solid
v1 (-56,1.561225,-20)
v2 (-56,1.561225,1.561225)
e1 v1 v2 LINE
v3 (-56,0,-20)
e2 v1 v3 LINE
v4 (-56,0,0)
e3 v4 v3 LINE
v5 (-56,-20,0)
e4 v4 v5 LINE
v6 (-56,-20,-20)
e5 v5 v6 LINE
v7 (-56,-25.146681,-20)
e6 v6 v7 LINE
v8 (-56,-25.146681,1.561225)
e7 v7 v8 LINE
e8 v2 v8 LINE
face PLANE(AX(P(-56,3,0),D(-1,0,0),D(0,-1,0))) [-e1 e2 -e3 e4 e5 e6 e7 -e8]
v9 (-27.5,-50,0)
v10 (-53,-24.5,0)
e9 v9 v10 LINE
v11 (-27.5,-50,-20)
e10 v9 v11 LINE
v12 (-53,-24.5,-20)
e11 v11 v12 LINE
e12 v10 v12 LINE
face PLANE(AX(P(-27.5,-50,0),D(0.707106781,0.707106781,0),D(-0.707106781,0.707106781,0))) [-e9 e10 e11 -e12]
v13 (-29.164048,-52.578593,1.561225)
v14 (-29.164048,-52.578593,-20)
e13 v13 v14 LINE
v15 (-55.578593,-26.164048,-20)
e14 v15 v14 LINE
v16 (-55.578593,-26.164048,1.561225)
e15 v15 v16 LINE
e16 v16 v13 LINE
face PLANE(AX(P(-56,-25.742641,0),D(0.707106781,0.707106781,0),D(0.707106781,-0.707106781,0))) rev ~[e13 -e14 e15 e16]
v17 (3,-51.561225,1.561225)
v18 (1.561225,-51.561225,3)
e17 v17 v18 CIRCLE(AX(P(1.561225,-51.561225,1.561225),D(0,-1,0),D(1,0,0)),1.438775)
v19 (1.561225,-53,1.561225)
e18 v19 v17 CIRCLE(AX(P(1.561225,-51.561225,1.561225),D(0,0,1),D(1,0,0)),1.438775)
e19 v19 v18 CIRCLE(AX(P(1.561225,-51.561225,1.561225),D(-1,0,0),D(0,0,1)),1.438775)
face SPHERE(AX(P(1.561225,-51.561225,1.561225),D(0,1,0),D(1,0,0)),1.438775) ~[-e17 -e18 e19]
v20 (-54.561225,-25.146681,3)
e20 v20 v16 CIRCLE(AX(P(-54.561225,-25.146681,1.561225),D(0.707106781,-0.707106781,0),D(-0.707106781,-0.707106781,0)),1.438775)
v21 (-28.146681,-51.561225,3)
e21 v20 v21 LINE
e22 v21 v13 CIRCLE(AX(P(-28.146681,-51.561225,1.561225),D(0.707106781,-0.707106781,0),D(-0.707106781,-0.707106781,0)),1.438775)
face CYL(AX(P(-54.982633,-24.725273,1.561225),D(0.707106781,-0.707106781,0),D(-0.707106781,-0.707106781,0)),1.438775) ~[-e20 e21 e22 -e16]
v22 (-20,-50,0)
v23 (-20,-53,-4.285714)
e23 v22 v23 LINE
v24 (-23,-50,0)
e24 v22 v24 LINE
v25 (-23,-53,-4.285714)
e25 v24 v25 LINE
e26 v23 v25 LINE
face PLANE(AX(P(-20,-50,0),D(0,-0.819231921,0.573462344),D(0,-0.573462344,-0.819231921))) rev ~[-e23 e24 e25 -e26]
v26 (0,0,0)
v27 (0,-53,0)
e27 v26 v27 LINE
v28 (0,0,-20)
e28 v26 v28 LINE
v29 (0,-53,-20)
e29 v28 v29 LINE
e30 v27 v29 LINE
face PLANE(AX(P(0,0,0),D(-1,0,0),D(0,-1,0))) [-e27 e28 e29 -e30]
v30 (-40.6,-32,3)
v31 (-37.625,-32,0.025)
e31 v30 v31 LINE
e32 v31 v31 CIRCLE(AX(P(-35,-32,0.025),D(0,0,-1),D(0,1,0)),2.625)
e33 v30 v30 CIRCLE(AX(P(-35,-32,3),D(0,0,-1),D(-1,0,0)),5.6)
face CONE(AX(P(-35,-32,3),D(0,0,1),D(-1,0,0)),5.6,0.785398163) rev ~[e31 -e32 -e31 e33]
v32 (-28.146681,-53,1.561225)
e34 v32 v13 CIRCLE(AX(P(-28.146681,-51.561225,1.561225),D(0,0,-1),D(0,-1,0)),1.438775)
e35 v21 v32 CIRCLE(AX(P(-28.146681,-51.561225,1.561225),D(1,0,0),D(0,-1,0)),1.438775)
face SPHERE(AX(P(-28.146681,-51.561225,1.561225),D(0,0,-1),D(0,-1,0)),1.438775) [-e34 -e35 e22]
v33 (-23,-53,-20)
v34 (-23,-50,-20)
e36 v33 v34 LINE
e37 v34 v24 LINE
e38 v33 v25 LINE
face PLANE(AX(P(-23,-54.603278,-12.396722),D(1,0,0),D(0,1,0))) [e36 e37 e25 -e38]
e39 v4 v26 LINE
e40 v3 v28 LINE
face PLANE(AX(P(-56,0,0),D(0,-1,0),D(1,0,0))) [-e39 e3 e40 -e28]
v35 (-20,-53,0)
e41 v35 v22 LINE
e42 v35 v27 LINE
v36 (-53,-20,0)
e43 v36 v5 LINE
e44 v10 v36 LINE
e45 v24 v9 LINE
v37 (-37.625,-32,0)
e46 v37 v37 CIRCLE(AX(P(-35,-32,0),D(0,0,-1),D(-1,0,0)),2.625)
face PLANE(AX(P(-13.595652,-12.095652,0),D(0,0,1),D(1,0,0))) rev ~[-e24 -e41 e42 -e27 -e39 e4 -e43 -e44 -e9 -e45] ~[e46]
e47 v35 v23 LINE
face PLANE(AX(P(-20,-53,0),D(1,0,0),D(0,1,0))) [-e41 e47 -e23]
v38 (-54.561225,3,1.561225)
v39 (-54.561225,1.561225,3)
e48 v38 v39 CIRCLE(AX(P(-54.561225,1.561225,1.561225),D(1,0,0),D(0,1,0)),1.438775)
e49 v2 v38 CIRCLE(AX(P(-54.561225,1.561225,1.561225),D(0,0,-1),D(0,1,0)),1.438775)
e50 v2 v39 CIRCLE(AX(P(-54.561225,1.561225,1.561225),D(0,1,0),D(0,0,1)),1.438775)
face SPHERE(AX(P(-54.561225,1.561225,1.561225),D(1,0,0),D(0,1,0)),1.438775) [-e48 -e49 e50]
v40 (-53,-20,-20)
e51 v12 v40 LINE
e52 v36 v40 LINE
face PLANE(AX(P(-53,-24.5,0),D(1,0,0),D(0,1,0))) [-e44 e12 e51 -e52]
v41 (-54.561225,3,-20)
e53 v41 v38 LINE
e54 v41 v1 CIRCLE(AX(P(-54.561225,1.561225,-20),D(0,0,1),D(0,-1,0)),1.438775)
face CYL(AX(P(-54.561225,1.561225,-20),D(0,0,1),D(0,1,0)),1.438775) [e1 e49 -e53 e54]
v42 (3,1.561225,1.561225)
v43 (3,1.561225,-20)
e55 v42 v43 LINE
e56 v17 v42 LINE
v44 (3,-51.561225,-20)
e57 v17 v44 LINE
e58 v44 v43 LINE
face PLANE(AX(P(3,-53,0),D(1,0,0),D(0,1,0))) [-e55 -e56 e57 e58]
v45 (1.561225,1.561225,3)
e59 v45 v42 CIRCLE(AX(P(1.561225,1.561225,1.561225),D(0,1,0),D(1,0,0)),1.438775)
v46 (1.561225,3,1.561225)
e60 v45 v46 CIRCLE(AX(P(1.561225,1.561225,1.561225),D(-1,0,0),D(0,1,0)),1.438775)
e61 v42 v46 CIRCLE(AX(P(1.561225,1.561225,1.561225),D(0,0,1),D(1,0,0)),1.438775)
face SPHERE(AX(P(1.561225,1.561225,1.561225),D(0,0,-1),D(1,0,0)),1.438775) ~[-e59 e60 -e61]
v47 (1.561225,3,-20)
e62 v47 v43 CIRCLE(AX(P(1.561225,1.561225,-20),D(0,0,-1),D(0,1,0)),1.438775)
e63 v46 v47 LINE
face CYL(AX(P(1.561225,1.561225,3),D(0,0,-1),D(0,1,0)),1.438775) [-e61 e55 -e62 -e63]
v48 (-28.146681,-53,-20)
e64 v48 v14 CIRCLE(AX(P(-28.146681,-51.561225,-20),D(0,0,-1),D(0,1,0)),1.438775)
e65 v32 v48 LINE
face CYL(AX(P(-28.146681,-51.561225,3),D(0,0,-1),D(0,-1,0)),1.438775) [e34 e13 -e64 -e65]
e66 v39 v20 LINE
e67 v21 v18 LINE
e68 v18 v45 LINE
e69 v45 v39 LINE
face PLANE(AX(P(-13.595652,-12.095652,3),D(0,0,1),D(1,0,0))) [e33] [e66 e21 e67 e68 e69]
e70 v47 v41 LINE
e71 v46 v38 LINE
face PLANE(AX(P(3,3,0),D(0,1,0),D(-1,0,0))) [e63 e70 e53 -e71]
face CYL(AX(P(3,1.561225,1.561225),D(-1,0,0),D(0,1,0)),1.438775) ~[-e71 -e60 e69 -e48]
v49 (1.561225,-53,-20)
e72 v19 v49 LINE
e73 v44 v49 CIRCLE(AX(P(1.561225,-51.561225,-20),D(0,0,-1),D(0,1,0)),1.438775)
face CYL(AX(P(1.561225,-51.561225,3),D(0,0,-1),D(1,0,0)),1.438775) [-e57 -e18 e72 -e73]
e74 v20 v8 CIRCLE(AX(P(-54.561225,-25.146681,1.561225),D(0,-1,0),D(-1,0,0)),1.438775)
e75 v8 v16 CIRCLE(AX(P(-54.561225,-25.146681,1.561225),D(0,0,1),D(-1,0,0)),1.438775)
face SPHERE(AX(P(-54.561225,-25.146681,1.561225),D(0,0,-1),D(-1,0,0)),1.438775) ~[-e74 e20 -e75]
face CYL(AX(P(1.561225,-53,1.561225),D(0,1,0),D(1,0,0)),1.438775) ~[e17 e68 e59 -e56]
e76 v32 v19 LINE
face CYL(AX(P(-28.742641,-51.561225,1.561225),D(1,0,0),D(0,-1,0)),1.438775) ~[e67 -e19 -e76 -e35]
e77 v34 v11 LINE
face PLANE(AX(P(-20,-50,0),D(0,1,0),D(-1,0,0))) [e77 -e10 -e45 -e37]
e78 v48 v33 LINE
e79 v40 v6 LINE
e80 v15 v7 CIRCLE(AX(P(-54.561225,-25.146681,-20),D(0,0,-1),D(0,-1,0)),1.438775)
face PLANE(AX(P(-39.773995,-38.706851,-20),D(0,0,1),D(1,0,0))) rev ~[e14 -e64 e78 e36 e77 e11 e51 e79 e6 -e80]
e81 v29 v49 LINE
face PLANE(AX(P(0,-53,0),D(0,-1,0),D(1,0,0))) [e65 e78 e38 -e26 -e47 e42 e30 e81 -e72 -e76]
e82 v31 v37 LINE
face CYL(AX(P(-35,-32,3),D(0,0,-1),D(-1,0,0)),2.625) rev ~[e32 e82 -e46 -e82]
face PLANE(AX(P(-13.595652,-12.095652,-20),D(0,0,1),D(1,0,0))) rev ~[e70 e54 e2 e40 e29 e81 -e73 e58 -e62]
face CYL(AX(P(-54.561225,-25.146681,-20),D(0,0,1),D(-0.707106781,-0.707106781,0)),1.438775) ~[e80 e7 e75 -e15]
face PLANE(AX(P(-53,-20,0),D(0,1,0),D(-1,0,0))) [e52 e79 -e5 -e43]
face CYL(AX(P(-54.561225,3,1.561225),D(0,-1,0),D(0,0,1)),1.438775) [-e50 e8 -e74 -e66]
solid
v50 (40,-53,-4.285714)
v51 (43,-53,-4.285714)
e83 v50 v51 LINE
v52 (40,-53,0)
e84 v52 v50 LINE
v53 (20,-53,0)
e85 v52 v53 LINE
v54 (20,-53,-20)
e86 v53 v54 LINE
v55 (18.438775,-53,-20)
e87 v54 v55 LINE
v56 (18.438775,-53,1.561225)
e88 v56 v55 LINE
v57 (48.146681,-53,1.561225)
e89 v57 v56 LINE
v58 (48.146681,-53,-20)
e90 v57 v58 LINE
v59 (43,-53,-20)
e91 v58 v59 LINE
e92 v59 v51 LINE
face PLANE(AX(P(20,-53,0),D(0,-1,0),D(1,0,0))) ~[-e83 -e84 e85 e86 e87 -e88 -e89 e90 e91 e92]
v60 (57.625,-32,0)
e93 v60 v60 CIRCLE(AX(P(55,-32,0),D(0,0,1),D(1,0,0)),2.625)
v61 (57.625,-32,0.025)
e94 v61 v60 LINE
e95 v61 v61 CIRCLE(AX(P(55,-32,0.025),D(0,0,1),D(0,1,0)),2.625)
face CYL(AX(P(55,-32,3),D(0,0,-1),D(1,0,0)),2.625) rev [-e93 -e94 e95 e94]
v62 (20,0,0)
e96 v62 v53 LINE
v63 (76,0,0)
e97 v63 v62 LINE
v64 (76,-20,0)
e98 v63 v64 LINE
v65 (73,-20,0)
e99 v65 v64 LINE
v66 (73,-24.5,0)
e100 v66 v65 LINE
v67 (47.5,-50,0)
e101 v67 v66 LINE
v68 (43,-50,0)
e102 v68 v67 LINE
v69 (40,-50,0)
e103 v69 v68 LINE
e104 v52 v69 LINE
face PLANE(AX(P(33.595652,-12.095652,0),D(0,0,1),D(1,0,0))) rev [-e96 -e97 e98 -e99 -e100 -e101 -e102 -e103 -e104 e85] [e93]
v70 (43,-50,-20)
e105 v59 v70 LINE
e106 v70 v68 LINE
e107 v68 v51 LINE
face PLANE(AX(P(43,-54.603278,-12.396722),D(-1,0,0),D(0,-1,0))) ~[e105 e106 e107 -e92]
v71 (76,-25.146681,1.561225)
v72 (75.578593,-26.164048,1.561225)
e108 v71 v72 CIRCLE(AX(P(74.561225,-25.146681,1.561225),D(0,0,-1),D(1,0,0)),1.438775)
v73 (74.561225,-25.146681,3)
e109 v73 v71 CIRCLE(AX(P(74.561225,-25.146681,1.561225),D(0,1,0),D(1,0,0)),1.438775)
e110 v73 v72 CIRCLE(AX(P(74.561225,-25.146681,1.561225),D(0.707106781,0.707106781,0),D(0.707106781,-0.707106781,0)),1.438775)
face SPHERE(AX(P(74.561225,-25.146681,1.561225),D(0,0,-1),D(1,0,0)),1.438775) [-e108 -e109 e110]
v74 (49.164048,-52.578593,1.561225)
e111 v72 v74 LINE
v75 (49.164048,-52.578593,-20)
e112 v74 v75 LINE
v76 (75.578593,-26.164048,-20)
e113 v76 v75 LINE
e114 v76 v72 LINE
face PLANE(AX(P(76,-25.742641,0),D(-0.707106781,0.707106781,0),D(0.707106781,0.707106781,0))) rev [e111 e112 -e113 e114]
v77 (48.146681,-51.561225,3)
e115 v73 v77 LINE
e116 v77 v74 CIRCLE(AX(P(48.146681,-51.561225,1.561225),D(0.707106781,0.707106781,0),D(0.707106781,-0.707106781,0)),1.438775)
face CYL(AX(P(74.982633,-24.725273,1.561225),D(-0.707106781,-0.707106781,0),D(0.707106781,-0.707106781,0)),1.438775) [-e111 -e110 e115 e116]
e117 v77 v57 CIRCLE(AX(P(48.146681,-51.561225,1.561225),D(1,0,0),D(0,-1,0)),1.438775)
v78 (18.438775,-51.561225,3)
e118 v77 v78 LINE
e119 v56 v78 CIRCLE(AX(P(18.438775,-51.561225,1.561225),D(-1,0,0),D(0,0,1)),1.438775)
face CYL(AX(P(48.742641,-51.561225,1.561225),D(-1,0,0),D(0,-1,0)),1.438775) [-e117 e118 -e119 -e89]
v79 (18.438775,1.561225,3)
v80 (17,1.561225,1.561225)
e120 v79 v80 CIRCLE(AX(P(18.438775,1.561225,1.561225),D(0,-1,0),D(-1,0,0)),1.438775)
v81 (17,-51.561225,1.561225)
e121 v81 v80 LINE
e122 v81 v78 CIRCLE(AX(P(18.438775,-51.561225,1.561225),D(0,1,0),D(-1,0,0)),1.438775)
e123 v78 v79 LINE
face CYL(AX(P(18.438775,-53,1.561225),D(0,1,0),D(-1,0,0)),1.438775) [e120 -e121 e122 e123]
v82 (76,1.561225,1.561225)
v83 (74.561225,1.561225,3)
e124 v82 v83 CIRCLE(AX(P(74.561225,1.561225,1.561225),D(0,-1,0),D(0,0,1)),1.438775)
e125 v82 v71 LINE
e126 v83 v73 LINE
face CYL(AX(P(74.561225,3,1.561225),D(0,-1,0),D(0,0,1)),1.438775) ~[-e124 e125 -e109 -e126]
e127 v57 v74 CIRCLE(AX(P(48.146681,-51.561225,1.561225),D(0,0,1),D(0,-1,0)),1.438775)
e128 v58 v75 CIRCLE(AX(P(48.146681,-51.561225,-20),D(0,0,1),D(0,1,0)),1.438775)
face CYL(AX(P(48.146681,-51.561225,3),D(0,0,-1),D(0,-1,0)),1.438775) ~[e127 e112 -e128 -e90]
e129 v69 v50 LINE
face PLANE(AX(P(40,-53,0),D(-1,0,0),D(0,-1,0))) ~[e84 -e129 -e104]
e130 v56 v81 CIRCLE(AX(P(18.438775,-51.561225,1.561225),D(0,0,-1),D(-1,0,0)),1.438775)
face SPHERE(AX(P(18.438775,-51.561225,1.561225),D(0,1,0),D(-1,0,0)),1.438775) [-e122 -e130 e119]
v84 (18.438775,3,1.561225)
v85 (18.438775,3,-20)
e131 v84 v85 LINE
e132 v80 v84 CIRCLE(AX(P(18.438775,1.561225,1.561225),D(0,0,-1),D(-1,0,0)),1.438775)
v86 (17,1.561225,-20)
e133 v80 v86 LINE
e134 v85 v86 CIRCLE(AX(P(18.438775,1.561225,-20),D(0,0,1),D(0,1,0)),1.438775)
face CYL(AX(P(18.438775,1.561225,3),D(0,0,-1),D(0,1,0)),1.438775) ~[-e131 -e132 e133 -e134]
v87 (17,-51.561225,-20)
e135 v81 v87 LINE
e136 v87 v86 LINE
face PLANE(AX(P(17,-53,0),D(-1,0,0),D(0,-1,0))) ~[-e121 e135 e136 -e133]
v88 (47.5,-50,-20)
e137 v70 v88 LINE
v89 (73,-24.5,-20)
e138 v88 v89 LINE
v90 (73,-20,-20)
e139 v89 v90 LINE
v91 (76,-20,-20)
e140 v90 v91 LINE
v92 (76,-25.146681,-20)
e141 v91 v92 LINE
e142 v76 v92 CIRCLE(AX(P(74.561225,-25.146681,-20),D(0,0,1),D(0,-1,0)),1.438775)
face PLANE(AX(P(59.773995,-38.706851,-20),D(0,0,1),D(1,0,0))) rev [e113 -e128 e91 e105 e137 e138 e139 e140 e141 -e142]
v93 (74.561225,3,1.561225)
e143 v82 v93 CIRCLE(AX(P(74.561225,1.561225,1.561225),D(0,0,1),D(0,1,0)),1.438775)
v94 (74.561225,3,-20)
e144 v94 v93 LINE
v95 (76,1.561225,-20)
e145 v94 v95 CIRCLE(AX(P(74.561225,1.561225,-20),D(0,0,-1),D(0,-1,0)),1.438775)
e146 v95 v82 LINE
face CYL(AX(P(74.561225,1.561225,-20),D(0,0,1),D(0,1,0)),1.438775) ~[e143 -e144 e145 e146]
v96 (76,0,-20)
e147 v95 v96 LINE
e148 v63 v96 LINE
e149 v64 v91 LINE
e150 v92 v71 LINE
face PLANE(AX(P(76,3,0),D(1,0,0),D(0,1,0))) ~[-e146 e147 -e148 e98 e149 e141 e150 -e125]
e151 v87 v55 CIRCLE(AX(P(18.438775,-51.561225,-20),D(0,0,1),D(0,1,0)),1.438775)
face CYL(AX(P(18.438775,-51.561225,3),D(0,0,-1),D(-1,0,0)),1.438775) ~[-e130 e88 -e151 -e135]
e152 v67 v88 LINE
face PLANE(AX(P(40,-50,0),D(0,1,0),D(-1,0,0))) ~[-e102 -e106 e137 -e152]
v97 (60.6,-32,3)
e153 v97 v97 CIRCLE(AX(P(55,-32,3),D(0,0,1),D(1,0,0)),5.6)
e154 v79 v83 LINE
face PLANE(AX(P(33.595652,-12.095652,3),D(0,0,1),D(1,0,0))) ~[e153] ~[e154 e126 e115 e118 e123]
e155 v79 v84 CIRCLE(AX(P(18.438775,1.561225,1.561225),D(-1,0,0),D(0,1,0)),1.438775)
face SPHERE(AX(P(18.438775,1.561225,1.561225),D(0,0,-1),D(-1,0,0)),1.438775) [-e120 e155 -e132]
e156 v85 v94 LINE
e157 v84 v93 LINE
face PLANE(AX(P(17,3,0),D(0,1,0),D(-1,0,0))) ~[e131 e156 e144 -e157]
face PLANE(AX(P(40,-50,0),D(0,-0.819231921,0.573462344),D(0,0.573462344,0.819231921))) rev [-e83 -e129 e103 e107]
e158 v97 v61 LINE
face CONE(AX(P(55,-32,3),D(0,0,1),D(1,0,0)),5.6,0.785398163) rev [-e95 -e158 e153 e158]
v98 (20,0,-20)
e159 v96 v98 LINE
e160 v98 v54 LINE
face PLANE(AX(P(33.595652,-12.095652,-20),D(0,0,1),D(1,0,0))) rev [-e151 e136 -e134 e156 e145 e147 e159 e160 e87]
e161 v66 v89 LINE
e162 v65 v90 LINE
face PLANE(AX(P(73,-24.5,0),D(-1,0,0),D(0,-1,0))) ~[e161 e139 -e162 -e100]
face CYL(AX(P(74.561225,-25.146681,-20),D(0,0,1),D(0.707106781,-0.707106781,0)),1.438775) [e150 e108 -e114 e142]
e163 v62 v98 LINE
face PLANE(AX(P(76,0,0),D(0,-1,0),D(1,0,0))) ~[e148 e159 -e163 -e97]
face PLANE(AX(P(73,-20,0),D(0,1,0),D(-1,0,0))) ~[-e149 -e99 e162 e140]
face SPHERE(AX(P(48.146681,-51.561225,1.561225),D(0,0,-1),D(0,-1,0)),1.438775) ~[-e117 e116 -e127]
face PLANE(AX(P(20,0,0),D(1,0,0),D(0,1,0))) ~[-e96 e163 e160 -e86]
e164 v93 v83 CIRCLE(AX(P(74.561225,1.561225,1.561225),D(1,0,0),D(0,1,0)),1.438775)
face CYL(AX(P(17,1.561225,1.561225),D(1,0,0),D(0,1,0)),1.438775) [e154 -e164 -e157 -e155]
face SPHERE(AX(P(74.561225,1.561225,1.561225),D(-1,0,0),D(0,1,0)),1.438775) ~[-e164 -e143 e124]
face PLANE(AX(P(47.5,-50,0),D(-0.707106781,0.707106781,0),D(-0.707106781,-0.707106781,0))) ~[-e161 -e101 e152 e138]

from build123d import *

# Parameters (mm, degrees)
F1_DEPTH       = 3
F2_DEPTH       = 20
F3_R           = 1.4387747146
F5_D           = 5.25
F5_DEPTH       = 6
F5_CSINK_D     = 11.2
F5_CSINK_ANGLE = 90
F5_TIP         = 1.5772591249
F8_DEPTH       = 3


with BuildPart() as f1:
    # F0 (on Top) → F1 (new body)
    with BuildSketch(Plane.XY):
        Polygon((3, 3), (-56, 3), (-56, 0), (0, 0), (0, -53), (3, -53), align=None)
        Polygon((0, 0), (-56, 0), (-56, -20), (-53, -20), (-53, -24.5), (-27.5, -50), (-20, -50), (-20, -53), (0, -53), align=None)
        Polygon((-53, -20), (-56, -20), (-56, -25.7426406871), (-28.7426406871, -53), (-20, -53), (-20, -50), (-27.5, -50), (-53, -24.5), align=None)
    extrude(amount=F1_DEPTH)

    # F0 (on Top) → F2 (join)
    with BuildSketch(Plane.XY):
        Polygon((3, 3), (-56, 3), (-56, 0), (0, 0), (0, -53), (3, -53), align=None)
        Polygon((-53, -20), (-56, -20), (-56, -25.7426406871), (-28.7426406871, -53), (-20, -53), (-20, -50), (-27.5, -50), (-53, -24.5), align=None)
    extrude(amount=-F2_DEPTH)

    # F3
    f3_edges = [f1.edges().sort_by_distance(p)[0] for p in [
        (3, 3, -8.5),
        (3, -25, 3),
        (-26.5, 3, 3),
        (-42.37132, -39.37132, 3),
        (-28.742641, -53, -8.5),
        (-56, -25.742641, -8.5),
        (3, -53, -8.5),
        (-56, 3, -8.5),
        (-56, -11.37132, 3),
        (-12.87132, -53, 3),
    ]]
    fillet(f3_edges, radius=F3_R)

    # F5
    with Locations(Plane.XY.offset(3)):
        with Locations((-35, -32)):
            CounterSinkHole(F5_D / 2, F5_CSINK_D / 2, depth=F5_DEPTH, counter_sink_angle=F5_CSINK_ANGLE)
            with Locations((0, 0, -(F5_DEPTH + F5_TIP / 2))):  # 118° drill point
                Cone(0, F5_D / 2, F5_TIP, mode=Mode.SUBTRACT)

    # F7 (on face) → F8 (cut)
    with BuildSketch(Plane.YZ.offset(-20)):
        Polygon((-50, -20), (-50, 0), (-64, -20), align=None)
    extrude(amount=-F8_DEPTH, mode=Mode.SUBTRACT)


with BuildPart() as f9_1:
    # F9: instance of F1
    add(f1.part.mirror(Plane.YZ.offset(10)))


solid = Compound([f1.part, f9_1.part])
